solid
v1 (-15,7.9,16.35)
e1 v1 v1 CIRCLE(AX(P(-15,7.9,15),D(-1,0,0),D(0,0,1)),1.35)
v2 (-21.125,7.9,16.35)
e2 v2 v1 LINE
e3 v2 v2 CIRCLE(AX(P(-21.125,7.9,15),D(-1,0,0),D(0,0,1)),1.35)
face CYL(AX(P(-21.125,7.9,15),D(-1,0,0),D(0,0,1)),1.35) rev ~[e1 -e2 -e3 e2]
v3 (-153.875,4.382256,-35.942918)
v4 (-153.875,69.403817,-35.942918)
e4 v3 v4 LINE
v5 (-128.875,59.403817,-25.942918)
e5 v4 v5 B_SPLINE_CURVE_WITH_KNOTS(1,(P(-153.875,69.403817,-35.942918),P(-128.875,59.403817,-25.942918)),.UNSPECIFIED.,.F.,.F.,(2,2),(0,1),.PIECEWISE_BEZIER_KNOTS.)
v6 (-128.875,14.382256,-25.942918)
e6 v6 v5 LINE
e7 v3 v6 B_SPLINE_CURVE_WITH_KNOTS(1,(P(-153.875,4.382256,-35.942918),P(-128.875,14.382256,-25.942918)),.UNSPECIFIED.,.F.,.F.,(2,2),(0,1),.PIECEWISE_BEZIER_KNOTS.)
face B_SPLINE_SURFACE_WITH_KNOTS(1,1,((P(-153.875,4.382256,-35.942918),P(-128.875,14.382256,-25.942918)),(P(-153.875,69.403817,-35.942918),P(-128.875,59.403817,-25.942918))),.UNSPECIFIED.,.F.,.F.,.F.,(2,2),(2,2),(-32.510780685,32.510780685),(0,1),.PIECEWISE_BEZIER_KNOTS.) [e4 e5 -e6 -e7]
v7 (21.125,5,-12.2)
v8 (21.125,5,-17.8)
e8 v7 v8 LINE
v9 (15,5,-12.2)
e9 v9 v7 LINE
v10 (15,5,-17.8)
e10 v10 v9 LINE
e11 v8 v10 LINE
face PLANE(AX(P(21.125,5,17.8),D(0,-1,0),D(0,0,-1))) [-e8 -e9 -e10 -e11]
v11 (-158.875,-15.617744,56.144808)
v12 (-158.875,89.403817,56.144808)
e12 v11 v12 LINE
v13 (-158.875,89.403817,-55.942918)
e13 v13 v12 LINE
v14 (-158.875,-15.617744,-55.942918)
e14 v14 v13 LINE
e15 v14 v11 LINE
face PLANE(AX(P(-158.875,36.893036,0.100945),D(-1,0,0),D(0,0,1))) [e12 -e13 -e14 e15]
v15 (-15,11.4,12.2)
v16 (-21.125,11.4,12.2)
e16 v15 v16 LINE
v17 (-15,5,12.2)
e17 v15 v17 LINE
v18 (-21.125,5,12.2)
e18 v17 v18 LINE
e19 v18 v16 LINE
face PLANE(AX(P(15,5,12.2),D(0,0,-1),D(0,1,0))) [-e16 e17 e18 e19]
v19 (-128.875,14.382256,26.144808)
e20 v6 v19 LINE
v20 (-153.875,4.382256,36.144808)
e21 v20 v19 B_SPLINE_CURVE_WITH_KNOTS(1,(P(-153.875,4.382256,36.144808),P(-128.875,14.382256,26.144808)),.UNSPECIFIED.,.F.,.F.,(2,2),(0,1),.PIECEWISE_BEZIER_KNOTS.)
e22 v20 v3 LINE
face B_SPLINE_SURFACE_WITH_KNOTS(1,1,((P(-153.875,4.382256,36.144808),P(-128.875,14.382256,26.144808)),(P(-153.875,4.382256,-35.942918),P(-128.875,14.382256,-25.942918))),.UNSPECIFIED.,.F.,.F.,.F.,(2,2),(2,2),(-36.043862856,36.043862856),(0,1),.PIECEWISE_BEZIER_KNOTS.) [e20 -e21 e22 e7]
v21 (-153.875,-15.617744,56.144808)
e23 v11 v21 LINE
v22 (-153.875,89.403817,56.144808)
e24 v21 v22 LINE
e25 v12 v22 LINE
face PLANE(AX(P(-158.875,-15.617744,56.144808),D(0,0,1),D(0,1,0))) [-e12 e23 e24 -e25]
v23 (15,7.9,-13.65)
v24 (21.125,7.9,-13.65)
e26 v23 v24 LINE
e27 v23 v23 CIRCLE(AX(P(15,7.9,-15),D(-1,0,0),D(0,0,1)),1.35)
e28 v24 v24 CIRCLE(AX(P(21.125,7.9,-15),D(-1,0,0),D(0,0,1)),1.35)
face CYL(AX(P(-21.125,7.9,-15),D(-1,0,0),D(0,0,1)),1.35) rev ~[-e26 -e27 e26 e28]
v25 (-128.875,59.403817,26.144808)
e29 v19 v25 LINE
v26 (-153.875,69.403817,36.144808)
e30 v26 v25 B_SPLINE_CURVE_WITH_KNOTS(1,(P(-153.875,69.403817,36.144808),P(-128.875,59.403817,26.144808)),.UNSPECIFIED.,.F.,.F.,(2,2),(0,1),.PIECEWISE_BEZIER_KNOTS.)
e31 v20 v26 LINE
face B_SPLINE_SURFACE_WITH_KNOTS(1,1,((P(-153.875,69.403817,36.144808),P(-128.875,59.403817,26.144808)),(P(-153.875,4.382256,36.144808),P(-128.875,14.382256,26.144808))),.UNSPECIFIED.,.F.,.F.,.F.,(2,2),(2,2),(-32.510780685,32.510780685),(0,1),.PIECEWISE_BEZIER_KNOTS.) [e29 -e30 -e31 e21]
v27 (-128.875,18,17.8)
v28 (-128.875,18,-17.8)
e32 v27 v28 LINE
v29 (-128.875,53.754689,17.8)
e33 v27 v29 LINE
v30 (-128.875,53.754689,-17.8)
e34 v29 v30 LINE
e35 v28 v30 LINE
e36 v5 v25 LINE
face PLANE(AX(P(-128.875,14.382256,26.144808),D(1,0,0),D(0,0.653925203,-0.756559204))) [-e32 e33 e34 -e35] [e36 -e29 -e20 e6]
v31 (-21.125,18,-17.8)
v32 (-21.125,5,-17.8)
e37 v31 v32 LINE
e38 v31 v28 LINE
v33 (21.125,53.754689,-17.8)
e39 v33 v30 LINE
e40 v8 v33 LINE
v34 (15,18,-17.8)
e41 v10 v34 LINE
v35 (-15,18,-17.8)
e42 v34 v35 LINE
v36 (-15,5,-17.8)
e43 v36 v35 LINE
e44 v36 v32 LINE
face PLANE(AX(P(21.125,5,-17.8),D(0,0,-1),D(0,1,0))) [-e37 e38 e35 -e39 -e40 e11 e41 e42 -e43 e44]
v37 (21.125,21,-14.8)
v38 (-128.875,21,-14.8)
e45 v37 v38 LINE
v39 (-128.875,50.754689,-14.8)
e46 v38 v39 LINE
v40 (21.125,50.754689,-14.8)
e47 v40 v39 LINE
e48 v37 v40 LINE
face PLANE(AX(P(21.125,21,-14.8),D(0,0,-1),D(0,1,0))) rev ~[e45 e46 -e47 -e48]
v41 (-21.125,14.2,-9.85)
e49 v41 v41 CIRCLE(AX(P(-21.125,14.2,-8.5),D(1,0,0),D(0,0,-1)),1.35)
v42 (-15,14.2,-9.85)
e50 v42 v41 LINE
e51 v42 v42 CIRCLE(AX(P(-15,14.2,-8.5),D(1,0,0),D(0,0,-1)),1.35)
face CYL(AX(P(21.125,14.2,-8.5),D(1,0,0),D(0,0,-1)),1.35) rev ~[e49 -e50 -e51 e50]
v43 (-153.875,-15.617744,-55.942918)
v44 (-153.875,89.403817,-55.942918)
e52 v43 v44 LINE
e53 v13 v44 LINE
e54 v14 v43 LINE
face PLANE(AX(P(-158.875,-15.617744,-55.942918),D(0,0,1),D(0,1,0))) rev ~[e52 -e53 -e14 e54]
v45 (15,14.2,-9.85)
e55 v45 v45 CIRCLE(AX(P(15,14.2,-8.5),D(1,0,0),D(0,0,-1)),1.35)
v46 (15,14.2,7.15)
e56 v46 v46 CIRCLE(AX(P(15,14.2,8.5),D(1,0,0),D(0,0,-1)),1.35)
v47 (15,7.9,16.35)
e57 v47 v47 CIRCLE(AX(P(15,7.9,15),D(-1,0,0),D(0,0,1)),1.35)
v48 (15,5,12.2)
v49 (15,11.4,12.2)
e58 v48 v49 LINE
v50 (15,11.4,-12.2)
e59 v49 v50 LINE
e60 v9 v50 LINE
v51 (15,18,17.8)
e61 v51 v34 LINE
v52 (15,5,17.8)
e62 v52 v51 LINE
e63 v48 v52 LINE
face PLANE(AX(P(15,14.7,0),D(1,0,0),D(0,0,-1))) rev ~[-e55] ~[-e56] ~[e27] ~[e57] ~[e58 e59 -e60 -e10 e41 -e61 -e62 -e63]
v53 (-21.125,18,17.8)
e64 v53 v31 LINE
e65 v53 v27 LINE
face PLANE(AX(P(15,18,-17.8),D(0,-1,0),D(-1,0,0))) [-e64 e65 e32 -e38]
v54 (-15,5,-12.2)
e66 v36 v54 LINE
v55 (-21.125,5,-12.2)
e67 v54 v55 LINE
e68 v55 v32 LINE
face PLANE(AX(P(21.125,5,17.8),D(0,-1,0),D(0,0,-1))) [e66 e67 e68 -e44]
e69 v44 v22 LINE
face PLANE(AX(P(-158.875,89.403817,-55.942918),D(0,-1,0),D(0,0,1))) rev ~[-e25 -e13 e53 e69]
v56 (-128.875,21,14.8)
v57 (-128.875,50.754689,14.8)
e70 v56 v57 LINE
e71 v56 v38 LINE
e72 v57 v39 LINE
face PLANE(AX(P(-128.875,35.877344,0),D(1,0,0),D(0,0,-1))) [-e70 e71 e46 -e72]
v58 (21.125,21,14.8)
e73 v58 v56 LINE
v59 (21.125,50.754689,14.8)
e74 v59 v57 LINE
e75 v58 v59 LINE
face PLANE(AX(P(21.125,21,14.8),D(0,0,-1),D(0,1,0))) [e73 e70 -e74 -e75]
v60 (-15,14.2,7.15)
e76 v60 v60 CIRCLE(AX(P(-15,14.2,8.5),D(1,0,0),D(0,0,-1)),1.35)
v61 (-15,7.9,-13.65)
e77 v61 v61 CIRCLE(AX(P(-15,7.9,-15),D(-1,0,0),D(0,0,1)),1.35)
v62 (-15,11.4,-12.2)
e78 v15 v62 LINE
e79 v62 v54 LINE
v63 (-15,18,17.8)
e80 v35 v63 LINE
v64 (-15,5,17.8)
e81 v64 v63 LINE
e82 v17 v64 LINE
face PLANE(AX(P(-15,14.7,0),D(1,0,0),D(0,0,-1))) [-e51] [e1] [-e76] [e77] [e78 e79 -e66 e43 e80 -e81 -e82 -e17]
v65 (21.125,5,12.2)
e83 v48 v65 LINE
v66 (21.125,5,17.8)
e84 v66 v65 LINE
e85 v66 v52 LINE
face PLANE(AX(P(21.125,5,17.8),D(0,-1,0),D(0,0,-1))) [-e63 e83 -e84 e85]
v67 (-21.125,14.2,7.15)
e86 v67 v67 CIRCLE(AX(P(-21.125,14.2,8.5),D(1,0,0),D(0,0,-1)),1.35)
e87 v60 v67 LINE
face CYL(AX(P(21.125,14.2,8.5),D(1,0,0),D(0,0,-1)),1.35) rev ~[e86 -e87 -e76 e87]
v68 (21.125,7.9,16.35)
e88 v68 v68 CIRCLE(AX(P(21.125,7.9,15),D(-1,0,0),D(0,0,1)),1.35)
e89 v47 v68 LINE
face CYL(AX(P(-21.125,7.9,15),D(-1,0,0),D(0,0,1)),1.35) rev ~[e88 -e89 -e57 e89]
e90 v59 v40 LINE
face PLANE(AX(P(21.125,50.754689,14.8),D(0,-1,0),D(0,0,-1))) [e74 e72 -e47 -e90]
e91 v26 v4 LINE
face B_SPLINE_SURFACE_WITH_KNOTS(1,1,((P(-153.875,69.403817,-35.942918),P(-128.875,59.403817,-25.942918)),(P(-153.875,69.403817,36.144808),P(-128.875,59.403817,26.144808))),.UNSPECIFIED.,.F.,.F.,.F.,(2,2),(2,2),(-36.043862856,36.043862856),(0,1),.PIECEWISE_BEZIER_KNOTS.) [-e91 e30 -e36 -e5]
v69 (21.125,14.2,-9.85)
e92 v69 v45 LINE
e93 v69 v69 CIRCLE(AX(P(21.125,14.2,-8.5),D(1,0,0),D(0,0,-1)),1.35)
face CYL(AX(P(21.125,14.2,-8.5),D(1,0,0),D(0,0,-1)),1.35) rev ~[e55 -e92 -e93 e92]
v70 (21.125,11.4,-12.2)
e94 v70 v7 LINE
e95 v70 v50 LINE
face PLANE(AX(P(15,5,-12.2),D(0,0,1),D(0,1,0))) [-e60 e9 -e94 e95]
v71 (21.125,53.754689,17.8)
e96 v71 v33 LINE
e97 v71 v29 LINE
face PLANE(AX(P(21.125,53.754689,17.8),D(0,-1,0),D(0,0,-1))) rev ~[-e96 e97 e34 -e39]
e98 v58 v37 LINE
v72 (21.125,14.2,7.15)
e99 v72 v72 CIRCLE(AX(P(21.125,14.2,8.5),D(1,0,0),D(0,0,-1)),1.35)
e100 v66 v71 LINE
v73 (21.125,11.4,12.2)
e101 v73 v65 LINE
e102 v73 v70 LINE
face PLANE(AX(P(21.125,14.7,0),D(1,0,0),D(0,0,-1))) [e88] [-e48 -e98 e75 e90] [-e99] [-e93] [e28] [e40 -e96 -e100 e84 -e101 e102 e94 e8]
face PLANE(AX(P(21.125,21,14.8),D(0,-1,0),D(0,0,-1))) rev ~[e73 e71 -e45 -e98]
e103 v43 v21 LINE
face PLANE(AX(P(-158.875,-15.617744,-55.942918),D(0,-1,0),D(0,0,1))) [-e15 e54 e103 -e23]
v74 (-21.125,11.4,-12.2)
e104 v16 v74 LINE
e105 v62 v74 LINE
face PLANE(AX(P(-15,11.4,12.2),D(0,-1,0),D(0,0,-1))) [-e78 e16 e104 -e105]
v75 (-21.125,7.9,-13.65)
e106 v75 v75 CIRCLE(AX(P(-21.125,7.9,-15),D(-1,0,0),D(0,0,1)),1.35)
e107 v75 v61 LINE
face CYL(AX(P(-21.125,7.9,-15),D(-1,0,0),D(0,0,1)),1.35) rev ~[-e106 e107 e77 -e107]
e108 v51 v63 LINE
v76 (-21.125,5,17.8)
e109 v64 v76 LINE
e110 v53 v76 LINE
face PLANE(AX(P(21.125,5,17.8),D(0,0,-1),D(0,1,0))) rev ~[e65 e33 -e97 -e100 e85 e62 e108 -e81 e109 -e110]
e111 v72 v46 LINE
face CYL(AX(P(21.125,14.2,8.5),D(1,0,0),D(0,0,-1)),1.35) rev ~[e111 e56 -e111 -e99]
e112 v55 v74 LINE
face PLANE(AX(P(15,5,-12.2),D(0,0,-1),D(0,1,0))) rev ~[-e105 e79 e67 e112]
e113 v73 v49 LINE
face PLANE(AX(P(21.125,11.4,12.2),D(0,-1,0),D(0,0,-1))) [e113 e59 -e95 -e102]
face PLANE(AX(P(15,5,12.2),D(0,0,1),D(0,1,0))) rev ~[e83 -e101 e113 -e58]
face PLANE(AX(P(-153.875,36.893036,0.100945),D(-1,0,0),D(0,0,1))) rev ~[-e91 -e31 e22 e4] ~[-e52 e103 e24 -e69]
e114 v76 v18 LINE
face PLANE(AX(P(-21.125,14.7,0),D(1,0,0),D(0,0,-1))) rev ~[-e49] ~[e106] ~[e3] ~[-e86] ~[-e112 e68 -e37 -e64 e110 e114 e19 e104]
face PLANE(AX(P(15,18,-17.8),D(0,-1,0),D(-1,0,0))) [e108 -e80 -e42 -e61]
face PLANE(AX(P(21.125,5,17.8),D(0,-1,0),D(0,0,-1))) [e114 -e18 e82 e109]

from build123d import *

# Parameters (mm, degrees)
SKETCH1_W                = 42.25
SKETCH1_H                = 35.6
BOSS_EXTRUDE1_DEPTH      = 2
SKETCH2_W                = 2
SKETCH2_H                = 35.6
BOSS_EXTRUDE2_DEPTH      = 50
SKETCH1_2_W              = 42.25
SKETCH1_2_H              = 35.6
CUT_EXTRUDE6_DEPTH       = 20
SKETCH8_W                = 42.25
SKETCH8_H                = 35.6
BOSS_EXTRUDE3_DEPTH      = 2
SKETCH9_W                = 35.6
SKETCH9_H                = 13
BOSS_EXTRUDE4_DEPTH      = 42.25
SKETCH12_W               = 30
SKETCH12_H               = 13
CUT_EXTRUDE9_DEPTH       = 36.6
SKETCH13_W               = 24.4
SKETCH13_H               = 13
CUT_EXTRUDE10_DEPTH      = 37.125
CUT_EXTRUDE10_DEPTH_BACK = 7.125
SKETCH15_R               = 1.35
CUT_EXTRUDE11_DEPTH      = 43.25
SKETCH16_W               = 35.6
SKETCH16_H               = 35.754688938
BOSS_EXTRUDE5_DEPTH      = 150
SKETCH18_W               = 112.087725711
SKETCH18_H               = 105.02156137
BOSS_EXTRUDE6_DEPTH      = 5
SKETCH20_W               = 72.087725711
SKETCH20_H               = 65.02156137
SKETCH17_W               = 52.087725711
SKETCH17_H               = 45.02156137
SKETCH21_W               = 29.6
SKETCH21_H               = 29.754688938
CUT_EXTRUDE13_DEPTH      = 150
SKETCH25_W               = 24.4
SKETCH25_H               = 6.6
BOSS_EXTRUDE9_DEPTH      = 6.125
SKETCH26_W               = 24.4
SKETCH26_H               = 6.6
BOSS_EXTRUDE10_DEPTH     = 6.125
SKETCH27_R               = 1.35
CUT_EXTRUDE15_DEPTH      = 42.25


with BuildPart() as part:
    # Sketch1 → Boss-Extrude1 (new body)
    with BuildSketch(Plane(origin=(0, 0, 0), x_dir=(1, 0, 0), z_dir=(0, 1, 0))):
        Rectangle(SKETCH1_W, SKETCH1_H)
    extrude(amount=BOSS_EXTRUDE1_DEPTH)

    # Sketch2 → Boss-Extrude2 (add)
    with BuildSketch(Plane(origin=(0, 2, 0), x_dir=(1, 0, 0), z_dir=(0, 1, 0))):
        with Locations((-20.125, 0)):
            Rectangle(SKETCH2_W, SKETCH2_H)
        with Locations((20.125, 0)):
            Rectangle(SKETCH2_W, SKETCH2_H)
    extrude(amount=BOSS_EXTRUDE2_DEPTH)

    # Sketch1<2> → Cut-Extrude6 (cut)
    with BuildSketch(Plane(origin=(0, 0, 0), x_dir=(1, 0, 0), z_dir=(0, 1, 0))):
        Rectangle(SKETCH1_2_W, SKETCH1_2_H)
    extrude(amount=CUT_EXTRUDE6_DEPTH, mode=Mode.SUBTRACT)

    # Sketch8 → Boss-Extrude3 (add)
    with BuildSketch(Plane.XZ.offset(-20)):
        Rectangle(SKETCH8_W, SKETCH8_H)
    extrude(amount=BOSS_EXTRUDE3_DEPTH)

    # Sketch9 → Boss-Extrude4 (add)
    with BuildSketch(Plane(origin=(21.125, 0, 0), x_dir=(0, 0, -1), z_dir=(1, 0, 0))):
        with Locations((0, 11.5)):
            Rectangle(SKETCH9_W, SKETCH9_H)
    extrude(amount=-BOSS_EXTRUDE4_DEPTH)

    # Sketch12 → Cut-Extrude9 (cut, through all)
    with BuildSketch(Plane(origin=(0, 0, -17.8), x_dir=(-1, 0, 0), z_dir=(0, 0, -1))):
        with Locations((0, 11.5)):
            Rectangle(SKETCH12_W, SKETCH12_H)
    extrude(amount=-CUT_EXTRUDE9_DEPTH, mode=Mode.SUBTRACT)

    # Sketch13 → Cut-Extrude10 (cut, two sides)
    with BuildSketch(Plane.ZY.offset(-15)) as cut_extrude10_sk:
        with Locations((0, 11.5)):
            Rectangle(SKETCH13_W, SKETCH13_H)
    extrude(amount=CUT_EXTRUDE10_DEPTH, mode=Mode.SUBTRACT)
    extrude(cut_extrude10_sk.sketch, amount=-CUT_EXTRUDE10_DEPTH_BACK, mode=Mode.SUBTRACT)

    # Sketch15 → Cut-Extrude11 (cut, through all)
    with BuildSketch(Plane.ZY.offset(21.125)):
        with Locations((-15, 7.9)):
            Circle(SKETCH15_R)
        with Locations((15, 7.9)):
            Circle(SKETCH15_R)
    extrude(amount=-CUT_EXTRUDE11_DEPTH, mode=Mode.SUBTRACT)

    # Sketch16 → Boss-Extrude5 (add)
    with BuildSketch(Plane(origin=(21.125, 0, 0), x_dir=(0, 0, -1), z_dir=(1, 0, 0))):
        with Locations((0, 35.877344469)):
            Rectangle(SKETCH16_W, SKETCH16_H)
    extrude(amount=-BOSS_EXTRUDE5_DEPTH)



with BuildPart() as body_2:
    # Sketch18 → Boss-Extrude6 (new body)
    with BuildSketch(Plane.ZY.offset(158.875)):
        with Locations((0.100945205, 36.893036207)):
            Rectangle(SKETCH18_W, SKETCH18_H)
    extrude(amount=-BOSS_EXTRUDE6_DEPTH)


with BuildPart() as part_1:
    add(part.part)

    add(body_2.part)  # Loft1 merges body 2
    # Sketch20 → Loft1 section 0
    with BuildSketch(Plane(origin=(-153.875, 0, 0), x_dir=(0, 0, -1), z_dir=(1, 0, 0))):
        with Locations((-0.100945205, 36.893036207)):
            Rectangle(SKETCH20_W, SKETCH20_H)
    # Sketch17 → Loft1 section 1
    with BuildSketch(Plane.ZY.offset(128.875)):
        with Locations((0.100945205, 36.893036207)):
            Rectangle(SKETCH17_W, SKETCH17_H)
    loft()

    # Sketch21 → Cut-Extrude13 (cut)
    with BuildSketch(Plane(origin=(21.125, 0, 0), x_dir=(0, 0, -1), z_dir=(1, 0, 0))):
        with Locations((0, 35.877344469)):
            Rectangle(SKETCH21_W, SKETCH21_H)
    extrude(amount=-CUT_EXTRUDE13_DEPTH, mode=Mode.SUBTRACT)

    # Sketch25 → Boss-Extrude9 (add)
    with BuildSketch(Plane(origin=(21.125, 0, 0), x_dir=(0, 0, -1), z_dir=(1, 0, 0))):
        with Locations((0, 14.7)):
            Rectangle(SKETCH25_W, SKETCH25_H)
    extrude(amount=-BOSS_EXTRUDE9_DEPTH)

    # Sketch26 → Boss-Extrude10 (add)
    with BuildSketch(Plane(origin=(-15, 0, 0), x_dir=(0, 0, -1), z_dir=(1, 0, 0))):
        with Locations((0, 14.7)):
            Rectangle(SKETCH26_W, SKETCH26_H)
    extrude(amount=-BOSS_EXTRUDE10_DEPTH)

    # Sketch27 → Cut-Extrude15 (cut)
    with BuildSketch(Plane(origin=(21.125, 0, 0), x_dir=(0, 0, -1), z_dir=(1, 0, 0))):
        with Locations((8.5, 14.2)):
            Circle(SKETCH27_R)
        with Locations((-8.5, 14.2)):
            Circle(SKETCH27_R)
    extrude(amount=-CUT_EXTRUDE15_DEPTH, mode=Mode.SUBTRACT)


solid = part_1.part
